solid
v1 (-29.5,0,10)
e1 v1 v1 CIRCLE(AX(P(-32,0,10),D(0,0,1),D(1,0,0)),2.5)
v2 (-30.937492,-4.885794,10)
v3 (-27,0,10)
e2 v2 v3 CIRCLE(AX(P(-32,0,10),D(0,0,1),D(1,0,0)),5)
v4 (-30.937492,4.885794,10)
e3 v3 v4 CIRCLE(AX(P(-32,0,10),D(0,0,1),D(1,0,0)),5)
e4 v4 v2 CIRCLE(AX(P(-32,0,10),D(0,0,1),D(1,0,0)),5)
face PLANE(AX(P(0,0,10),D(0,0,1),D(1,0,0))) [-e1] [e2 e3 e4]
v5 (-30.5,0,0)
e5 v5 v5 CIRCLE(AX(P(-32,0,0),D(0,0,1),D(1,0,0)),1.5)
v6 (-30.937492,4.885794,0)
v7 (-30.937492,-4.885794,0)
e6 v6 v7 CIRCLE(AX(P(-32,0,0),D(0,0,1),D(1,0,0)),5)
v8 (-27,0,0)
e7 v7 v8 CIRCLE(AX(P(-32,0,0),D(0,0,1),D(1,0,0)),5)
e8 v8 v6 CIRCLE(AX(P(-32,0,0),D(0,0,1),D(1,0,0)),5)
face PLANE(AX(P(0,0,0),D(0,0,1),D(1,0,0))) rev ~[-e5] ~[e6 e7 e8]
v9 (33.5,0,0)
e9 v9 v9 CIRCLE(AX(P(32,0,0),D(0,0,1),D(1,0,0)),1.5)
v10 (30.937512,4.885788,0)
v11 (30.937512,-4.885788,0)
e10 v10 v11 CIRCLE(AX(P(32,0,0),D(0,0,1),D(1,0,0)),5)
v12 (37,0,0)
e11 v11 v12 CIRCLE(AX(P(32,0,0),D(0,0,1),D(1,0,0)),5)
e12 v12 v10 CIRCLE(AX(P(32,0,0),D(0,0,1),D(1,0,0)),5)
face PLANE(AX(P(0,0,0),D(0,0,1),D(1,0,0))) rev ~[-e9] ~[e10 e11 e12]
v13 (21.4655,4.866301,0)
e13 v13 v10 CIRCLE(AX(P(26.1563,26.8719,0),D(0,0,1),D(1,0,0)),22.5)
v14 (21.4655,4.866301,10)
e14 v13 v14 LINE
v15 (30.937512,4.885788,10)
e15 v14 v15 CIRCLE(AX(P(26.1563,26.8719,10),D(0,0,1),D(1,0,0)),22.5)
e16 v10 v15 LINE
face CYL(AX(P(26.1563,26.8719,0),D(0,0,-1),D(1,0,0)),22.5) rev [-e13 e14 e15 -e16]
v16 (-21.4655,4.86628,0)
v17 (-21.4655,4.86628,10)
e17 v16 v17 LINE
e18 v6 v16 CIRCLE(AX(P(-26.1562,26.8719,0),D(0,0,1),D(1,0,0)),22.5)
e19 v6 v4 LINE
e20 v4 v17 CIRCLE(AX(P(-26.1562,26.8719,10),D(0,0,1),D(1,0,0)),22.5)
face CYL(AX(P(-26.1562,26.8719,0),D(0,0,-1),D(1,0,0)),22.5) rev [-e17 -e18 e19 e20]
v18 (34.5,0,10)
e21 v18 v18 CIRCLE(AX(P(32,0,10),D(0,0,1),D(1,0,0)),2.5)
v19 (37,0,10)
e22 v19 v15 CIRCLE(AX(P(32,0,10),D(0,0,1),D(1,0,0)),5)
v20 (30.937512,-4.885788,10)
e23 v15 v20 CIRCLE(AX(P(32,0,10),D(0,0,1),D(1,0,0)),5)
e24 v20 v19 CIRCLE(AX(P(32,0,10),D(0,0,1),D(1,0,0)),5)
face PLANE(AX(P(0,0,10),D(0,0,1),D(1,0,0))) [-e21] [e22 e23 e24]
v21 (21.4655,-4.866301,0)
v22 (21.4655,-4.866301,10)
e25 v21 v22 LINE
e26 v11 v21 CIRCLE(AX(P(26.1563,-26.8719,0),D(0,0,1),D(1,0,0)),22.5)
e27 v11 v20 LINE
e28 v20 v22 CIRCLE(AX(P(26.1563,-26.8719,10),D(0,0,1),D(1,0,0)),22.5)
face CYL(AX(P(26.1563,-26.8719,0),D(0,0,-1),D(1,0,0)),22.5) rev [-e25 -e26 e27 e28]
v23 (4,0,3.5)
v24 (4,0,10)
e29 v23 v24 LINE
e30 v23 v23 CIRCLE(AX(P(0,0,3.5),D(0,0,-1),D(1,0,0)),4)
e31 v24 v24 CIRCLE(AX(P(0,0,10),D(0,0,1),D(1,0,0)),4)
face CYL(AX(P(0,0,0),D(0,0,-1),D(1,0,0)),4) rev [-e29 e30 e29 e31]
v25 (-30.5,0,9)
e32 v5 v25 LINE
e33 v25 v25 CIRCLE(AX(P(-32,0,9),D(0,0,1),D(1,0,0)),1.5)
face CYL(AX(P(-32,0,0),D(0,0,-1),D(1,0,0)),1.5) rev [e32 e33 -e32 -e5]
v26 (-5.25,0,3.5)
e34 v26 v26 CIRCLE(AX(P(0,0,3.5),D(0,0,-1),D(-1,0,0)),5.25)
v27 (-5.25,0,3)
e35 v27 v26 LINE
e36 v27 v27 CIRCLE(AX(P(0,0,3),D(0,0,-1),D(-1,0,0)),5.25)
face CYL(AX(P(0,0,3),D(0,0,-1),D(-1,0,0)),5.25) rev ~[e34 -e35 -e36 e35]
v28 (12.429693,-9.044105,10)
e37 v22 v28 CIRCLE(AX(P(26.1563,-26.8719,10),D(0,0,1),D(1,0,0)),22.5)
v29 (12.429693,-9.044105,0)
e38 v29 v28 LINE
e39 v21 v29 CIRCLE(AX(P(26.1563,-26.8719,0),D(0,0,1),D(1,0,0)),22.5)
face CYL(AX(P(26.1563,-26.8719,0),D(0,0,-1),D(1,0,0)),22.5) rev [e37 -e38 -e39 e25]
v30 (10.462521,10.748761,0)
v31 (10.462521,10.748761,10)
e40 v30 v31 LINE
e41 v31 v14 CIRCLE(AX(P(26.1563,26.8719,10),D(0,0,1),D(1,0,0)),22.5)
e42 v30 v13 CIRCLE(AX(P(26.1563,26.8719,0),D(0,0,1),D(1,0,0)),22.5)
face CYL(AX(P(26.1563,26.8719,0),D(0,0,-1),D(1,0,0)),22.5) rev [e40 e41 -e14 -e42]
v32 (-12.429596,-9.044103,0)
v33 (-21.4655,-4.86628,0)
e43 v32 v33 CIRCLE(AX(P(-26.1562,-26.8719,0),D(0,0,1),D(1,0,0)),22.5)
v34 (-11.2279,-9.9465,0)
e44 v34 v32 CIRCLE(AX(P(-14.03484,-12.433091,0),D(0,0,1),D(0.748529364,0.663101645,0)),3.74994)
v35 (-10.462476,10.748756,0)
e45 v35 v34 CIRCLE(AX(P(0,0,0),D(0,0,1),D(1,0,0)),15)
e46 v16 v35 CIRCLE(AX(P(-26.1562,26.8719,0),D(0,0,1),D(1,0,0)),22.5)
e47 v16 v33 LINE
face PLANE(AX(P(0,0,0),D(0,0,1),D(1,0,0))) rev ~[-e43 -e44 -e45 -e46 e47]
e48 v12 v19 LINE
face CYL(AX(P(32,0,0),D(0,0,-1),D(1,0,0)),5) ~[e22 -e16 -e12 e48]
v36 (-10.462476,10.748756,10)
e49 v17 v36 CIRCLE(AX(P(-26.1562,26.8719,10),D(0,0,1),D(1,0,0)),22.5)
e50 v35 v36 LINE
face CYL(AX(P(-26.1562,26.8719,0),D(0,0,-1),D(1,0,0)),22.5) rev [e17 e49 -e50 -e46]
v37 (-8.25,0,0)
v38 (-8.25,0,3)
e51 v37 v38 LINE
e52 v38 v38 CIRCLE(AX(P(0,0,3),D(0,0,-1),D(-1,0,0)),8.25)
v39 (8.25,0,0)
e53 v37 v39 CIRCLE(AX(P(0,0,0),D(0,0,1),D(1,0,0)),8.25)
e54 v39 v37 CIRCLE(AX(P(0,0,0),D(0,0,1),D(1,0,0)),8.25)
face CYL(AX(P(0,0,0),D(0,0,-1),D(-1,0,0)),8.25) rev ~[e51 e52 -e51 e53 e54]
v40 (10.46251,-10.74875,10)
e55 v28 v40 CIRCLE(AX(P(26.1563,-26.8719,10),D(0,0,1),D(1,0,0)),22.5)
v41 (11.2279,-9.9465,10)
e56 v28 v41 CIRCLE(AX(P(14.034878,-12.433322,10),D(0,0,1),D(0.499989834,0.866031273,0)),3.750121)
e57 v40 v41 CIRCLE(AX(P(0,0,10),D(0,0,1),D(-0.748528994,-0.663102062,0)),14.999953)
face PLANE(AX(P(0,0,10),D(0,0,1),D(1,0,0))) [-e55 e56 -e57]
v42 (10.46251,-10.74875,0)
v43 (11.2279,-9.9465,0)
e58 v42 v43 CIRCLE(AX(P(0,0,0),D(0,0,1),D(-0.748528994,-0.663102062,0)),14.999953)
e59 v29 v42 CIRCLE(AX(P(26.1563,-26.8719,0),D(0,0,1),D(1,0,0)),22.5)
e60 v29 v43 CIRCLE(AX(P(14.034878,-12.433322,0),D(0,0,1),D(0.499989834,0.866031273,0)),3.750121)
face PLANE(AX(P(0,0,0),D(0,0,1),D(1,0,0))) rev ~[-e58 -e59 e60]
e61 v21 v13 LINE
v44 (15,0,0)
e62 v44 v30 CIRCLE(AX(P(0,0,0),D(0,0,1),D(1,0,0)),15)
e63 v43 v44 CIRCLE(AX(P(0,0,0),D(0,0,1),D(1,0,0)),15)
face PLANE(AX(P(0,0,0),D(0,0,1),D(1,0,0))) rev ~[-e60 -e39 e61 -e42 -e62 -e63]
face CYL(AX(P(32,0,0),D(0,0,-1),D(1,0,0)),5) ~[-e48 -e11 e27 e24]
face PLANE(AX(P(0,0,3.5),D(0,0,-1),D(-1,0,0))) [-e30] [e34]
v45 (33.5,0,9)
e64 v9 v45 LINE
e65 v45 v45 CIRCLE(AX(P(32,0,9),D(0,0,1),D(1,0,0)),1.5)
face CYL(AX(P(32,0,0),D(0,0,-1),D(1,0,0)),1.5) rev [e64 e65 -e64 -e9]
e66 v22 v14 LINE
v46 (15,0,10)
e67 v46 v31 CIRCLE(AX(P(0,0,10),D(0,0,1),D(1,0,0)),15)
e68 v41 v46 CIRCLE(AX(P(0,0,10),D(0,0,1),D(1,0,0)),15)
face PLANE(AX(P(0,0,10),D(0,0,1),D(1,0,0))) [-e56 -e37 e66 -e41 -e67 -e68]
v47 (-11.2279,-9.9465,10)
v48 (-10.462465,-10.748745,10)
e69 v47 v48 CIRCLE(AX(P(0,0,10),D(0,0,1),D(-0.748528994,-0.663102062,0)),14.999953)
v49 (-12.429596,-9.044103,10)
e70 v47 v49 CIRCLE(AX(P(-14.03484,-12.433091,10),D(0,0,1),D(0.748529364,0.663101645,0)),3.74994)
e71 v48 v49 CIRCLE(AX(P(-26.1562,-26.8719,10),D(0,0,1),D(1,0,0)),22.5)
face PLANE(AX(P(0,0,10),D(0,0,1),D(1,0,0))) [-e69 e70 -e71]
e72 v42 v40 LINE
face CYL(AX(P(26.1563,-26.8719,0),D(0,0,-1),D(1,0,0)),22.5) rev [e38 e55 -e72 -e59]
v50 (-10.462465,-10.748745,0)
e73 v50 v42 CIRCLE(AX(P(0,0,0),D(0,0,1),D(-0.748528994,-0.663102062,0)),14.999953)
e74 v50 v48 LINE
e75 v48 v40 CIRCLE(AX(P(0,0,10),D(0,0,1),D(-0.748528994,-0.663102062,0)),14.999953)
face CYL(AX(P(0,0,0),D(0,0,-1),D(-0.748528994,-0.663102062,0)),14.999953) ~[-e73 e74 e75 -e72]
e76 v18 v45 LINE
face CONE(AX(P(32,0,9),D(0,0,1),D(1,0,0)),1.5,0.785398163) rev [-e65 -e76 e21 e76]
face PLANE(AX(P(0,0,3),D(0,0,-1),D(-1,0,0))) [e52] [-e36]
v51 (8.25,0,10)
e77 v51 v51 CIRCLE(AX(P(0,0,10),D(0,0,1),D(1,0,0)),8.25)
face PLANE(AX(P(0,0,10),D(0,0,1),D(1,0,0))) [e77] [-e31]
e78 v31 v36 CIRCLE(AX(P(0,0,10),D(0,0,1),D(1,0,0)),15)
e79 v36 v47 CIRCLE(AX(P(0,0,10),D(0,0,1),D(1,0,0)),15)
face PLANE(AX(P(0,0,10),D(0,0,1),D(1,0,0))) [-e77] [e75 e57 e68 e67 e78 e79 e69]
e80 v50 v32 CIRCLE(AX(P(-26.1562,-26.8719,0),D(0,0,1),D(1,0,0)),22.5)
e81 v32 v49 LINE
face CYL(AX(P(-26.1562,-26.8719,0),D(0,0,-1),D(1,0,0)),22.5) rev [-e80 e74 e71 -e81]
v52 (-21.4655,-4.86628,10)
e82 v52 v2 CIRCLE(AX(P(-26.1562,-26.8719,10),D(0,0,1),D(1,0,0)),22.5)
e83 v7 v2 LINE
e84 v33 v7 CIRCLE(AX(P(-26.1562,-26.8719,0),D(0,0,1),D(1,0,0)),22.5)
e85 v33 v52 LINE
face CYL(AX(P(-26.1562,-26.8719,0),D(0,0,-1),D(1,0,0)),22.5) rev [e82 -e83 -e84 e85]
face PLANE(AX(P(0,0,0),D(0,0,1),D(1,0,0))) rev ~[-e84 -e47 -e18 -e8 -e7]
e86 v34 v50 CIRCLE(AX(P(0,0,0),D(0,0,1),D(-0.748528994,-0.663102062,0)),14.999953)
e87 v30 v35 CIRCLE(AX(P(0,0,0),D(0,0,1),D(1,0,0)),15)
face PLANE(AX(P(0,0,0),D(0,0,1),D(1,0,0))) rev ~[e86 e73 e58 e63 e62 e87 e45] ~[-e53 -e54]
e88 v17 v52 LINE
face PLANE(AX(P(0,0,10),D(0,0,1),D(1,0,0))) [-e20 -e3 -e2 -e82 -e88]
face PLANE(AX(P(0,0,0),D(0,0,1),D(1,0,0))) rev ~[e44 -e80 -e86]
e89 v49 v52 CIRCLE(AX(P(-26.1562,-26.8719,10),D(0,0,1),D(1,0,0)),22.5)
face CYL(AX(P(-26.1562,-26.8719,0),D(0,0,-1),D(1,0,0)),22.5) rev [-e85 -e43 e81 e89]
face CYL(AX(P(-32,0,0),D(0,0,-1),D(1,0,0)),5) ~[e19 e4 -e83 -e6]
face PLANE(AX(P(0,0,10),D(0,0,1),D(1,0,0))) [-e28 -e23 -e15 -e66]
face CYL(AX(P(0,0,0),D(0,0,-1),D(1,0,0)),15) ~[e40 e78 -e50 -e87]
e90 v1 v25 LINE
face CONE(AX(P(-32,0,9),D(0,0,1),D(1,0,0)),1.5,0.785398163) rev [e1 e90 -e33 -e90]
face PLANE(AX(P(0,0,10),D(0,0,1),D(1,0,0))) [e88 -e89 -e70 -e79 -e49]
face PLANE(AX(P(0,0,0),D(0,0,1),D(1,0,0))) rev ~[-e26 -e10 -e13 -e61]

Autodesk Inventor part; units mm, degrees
ref_plane "YZ Plane" through (0, 0, 0) normal (1, 0, 0) x (0, 1, 0)
ref_plane "XZ Plane" through (0, 0, 0) normal (0, 1, 0) x (-1, 0, 0)
ref_plane "XY Plane" through (0, 0, 0) normal (0, 0, 1) x (1, 0, 0)
sketch "Boceto1" plane through (0, 0, 0) normal (0, 0, 1) x (1, 0, 0)
  circle A0 centre (0, 0) radius 8.25 projected
  arc A1 (-36.7643, -25.9497) -> (36.7643, -25.9497) centre (0, 0) ccw projected
  arc A2 (-35.5756, -20.5396) -> (-36.7643, -25.9497) centre (-33.7006, -23.7872) ccw projected
  line L0 (-35.5756, -20.5396) -> (-15.9099, -9.1856) projected
  arc A3 (-11.2279, -9.9465) -> (-15.9099, -9.1856) centre (-14.0349, -12.4332) ccw projected
  arc A4 (-11.2279, -9.9465) -> (11.2279, -9.9465) centre (0, 0) ccw projected
  arc A5 (15.9099, -9.1856) -> (11.2279, -9.9465) centre (14.0349, -12.4332) ccw projected
  line L1 (15.9099, -9.1856) -> (35.5756, -20.5396) projected
  arc A6 (36.7643, -25.9497) -> (35.5756, -20.5396) centre (33.7006, -23.7872) ccw projected
  line L2 (98, -98) -> (98, 98) projected
  line L3 (98, 98) -> (-98, 98) projected
  line L4 (-98, 98) -> (-98, -98) projected
  line L5 (-98, -98) -> (98, -98) projected
  circle A7 centre (0, 0) radius 4 projected
  line L6 (21.4655, -12.3931) -> (15.9099, -9.1856) projected
  arc A8 (15.9099, -9.1856) -> (11.2279, -9.9465) centre (14.0349, -12.4332) ccw projected
  arc A9 (-11.2279, -9.9465) -> (11.2279, -9.9465) centre (0, 0) ccw projected
  arc A10 (-11.2279, -9.9465) -> (-15.9099, -9.1856) centre (-14.0349, -12.4332) ccw projected
  line L7 (-15.9099, -9.1856) -> (-21.4655, -12.3931) projected
  line L8 (0, 0) -> (-32, 0) construction
  line L9 (0, 0) -> (32, 0) construction
  circle A11 centre (-32, 0) radius 1.5
  circle A12 centre (0, 0) radius 4
  circle A13 centre (-32, 0) radius 5
  circle A14 centre (0, 0) radius 15
  circle A15 centre (26.1563, -26.8719) radius 22.5
  circle A16 centre (-26.1562, -26.8719) radius 22.5
  circle A17 centre (-26.1562, 26.8719) radius 22.5
  circle A18 centre (26.1563, 26.8719) radius 22.5
  line L10 (0, 0) -> (32, 0) construction
  circle A19 centre (32, 0) radius 5
  circle A20 centre (32, 0) radius 1.5
  line L11 (21.4655, -12.3931) -> (21.4655, 21.4655) projected
  line L12 (-21.4655, 21.4655) -> (-21.4655, -12.3931) projected
  line L13 (21.4655, 21.4655) -> (-21.4655, 21.4655) projected
  point P0 (0, 0)
  point P1 (21.8181, -12.5967)
  point P2 (-21.8181, -12.5967)
  point P3 (-11.6313, -9.4678)
  point P4 (-10.4625, 10.7488)
  point P5 (-30.9375, 4.8858)
  point P6 (-30.9375, -4.8858)
  point P7 (-12.4296, -9.0441)
  point P8 (12.4296, -9.0441)
  point P9 (10.4625, 10.7488)
  point P10 (-11.1152, -43.6056)
  point P11 (11.1152, -43.6056)
  point P12 (-10.4625, -10.7488)
  point P13 (10.4625, -10.7488)
  point P14 (11.2279, -9.9465)
  point P15 (11.2279, -9.9465)
  point P16 (30.9375, -4.8858)
  point P17 (30.9375, 4.8858)
  dimension "d3" = 180
  dimension "d4" = 3
  dimension "d16" = 10
  dimension "d18" = 32
  dimension "d19" = 30
  dimension "empalme" = 45
  dimension "d22" = 45
  dimension "d23" = 45
  dimension "d24" = 45
  dimension "d27" = 32
  dimension "d28" = 10
  dimension "d29" = 3
extrude "Extrusión1" add sketch "Boceto1" along normal blind 10 contours A0 | A13 | A13 A17 L12 A16 | A4 A14 | A4 A5 A15 | L12 A17 A14 A3 A16 | A16 A3 A4 | A14 A18 L11 A15 A5 | A15 L11 A18 A19 | A19
sketch "Boceto2" plane through (0, 0, 0) normal (0, 0, -1) x (-1, 0, 0)
  circle A0 centre (0, 0) radius 8.25 projected
  point P0 (0, 0)
extrude "Extrusión2" cut sketch "Boceto2" against normal blind 3
sketch "Boceto3" plane through (0, 0, 3) normal (0, 0, -1) x (-1, 0, 0)
  circle A0 centre (0, 0) radius 5.25 projected
  point P0 (0, 0)
extrude "Extrusión3" cut sketch "Boceto3" against normal blind 0.5
chamfer "Chaflán1" distance 1 angle 45 2 edges at (30.5, 0, 10) (-33.5, 0, 10) measured on face at (-11.2475, 0, 10)
equation "\"d22\" = empalme"
equation "\"d23\" = empalme"
equation "\"d24\" = empalme"
properties part number "Brida_Rodamiento"
